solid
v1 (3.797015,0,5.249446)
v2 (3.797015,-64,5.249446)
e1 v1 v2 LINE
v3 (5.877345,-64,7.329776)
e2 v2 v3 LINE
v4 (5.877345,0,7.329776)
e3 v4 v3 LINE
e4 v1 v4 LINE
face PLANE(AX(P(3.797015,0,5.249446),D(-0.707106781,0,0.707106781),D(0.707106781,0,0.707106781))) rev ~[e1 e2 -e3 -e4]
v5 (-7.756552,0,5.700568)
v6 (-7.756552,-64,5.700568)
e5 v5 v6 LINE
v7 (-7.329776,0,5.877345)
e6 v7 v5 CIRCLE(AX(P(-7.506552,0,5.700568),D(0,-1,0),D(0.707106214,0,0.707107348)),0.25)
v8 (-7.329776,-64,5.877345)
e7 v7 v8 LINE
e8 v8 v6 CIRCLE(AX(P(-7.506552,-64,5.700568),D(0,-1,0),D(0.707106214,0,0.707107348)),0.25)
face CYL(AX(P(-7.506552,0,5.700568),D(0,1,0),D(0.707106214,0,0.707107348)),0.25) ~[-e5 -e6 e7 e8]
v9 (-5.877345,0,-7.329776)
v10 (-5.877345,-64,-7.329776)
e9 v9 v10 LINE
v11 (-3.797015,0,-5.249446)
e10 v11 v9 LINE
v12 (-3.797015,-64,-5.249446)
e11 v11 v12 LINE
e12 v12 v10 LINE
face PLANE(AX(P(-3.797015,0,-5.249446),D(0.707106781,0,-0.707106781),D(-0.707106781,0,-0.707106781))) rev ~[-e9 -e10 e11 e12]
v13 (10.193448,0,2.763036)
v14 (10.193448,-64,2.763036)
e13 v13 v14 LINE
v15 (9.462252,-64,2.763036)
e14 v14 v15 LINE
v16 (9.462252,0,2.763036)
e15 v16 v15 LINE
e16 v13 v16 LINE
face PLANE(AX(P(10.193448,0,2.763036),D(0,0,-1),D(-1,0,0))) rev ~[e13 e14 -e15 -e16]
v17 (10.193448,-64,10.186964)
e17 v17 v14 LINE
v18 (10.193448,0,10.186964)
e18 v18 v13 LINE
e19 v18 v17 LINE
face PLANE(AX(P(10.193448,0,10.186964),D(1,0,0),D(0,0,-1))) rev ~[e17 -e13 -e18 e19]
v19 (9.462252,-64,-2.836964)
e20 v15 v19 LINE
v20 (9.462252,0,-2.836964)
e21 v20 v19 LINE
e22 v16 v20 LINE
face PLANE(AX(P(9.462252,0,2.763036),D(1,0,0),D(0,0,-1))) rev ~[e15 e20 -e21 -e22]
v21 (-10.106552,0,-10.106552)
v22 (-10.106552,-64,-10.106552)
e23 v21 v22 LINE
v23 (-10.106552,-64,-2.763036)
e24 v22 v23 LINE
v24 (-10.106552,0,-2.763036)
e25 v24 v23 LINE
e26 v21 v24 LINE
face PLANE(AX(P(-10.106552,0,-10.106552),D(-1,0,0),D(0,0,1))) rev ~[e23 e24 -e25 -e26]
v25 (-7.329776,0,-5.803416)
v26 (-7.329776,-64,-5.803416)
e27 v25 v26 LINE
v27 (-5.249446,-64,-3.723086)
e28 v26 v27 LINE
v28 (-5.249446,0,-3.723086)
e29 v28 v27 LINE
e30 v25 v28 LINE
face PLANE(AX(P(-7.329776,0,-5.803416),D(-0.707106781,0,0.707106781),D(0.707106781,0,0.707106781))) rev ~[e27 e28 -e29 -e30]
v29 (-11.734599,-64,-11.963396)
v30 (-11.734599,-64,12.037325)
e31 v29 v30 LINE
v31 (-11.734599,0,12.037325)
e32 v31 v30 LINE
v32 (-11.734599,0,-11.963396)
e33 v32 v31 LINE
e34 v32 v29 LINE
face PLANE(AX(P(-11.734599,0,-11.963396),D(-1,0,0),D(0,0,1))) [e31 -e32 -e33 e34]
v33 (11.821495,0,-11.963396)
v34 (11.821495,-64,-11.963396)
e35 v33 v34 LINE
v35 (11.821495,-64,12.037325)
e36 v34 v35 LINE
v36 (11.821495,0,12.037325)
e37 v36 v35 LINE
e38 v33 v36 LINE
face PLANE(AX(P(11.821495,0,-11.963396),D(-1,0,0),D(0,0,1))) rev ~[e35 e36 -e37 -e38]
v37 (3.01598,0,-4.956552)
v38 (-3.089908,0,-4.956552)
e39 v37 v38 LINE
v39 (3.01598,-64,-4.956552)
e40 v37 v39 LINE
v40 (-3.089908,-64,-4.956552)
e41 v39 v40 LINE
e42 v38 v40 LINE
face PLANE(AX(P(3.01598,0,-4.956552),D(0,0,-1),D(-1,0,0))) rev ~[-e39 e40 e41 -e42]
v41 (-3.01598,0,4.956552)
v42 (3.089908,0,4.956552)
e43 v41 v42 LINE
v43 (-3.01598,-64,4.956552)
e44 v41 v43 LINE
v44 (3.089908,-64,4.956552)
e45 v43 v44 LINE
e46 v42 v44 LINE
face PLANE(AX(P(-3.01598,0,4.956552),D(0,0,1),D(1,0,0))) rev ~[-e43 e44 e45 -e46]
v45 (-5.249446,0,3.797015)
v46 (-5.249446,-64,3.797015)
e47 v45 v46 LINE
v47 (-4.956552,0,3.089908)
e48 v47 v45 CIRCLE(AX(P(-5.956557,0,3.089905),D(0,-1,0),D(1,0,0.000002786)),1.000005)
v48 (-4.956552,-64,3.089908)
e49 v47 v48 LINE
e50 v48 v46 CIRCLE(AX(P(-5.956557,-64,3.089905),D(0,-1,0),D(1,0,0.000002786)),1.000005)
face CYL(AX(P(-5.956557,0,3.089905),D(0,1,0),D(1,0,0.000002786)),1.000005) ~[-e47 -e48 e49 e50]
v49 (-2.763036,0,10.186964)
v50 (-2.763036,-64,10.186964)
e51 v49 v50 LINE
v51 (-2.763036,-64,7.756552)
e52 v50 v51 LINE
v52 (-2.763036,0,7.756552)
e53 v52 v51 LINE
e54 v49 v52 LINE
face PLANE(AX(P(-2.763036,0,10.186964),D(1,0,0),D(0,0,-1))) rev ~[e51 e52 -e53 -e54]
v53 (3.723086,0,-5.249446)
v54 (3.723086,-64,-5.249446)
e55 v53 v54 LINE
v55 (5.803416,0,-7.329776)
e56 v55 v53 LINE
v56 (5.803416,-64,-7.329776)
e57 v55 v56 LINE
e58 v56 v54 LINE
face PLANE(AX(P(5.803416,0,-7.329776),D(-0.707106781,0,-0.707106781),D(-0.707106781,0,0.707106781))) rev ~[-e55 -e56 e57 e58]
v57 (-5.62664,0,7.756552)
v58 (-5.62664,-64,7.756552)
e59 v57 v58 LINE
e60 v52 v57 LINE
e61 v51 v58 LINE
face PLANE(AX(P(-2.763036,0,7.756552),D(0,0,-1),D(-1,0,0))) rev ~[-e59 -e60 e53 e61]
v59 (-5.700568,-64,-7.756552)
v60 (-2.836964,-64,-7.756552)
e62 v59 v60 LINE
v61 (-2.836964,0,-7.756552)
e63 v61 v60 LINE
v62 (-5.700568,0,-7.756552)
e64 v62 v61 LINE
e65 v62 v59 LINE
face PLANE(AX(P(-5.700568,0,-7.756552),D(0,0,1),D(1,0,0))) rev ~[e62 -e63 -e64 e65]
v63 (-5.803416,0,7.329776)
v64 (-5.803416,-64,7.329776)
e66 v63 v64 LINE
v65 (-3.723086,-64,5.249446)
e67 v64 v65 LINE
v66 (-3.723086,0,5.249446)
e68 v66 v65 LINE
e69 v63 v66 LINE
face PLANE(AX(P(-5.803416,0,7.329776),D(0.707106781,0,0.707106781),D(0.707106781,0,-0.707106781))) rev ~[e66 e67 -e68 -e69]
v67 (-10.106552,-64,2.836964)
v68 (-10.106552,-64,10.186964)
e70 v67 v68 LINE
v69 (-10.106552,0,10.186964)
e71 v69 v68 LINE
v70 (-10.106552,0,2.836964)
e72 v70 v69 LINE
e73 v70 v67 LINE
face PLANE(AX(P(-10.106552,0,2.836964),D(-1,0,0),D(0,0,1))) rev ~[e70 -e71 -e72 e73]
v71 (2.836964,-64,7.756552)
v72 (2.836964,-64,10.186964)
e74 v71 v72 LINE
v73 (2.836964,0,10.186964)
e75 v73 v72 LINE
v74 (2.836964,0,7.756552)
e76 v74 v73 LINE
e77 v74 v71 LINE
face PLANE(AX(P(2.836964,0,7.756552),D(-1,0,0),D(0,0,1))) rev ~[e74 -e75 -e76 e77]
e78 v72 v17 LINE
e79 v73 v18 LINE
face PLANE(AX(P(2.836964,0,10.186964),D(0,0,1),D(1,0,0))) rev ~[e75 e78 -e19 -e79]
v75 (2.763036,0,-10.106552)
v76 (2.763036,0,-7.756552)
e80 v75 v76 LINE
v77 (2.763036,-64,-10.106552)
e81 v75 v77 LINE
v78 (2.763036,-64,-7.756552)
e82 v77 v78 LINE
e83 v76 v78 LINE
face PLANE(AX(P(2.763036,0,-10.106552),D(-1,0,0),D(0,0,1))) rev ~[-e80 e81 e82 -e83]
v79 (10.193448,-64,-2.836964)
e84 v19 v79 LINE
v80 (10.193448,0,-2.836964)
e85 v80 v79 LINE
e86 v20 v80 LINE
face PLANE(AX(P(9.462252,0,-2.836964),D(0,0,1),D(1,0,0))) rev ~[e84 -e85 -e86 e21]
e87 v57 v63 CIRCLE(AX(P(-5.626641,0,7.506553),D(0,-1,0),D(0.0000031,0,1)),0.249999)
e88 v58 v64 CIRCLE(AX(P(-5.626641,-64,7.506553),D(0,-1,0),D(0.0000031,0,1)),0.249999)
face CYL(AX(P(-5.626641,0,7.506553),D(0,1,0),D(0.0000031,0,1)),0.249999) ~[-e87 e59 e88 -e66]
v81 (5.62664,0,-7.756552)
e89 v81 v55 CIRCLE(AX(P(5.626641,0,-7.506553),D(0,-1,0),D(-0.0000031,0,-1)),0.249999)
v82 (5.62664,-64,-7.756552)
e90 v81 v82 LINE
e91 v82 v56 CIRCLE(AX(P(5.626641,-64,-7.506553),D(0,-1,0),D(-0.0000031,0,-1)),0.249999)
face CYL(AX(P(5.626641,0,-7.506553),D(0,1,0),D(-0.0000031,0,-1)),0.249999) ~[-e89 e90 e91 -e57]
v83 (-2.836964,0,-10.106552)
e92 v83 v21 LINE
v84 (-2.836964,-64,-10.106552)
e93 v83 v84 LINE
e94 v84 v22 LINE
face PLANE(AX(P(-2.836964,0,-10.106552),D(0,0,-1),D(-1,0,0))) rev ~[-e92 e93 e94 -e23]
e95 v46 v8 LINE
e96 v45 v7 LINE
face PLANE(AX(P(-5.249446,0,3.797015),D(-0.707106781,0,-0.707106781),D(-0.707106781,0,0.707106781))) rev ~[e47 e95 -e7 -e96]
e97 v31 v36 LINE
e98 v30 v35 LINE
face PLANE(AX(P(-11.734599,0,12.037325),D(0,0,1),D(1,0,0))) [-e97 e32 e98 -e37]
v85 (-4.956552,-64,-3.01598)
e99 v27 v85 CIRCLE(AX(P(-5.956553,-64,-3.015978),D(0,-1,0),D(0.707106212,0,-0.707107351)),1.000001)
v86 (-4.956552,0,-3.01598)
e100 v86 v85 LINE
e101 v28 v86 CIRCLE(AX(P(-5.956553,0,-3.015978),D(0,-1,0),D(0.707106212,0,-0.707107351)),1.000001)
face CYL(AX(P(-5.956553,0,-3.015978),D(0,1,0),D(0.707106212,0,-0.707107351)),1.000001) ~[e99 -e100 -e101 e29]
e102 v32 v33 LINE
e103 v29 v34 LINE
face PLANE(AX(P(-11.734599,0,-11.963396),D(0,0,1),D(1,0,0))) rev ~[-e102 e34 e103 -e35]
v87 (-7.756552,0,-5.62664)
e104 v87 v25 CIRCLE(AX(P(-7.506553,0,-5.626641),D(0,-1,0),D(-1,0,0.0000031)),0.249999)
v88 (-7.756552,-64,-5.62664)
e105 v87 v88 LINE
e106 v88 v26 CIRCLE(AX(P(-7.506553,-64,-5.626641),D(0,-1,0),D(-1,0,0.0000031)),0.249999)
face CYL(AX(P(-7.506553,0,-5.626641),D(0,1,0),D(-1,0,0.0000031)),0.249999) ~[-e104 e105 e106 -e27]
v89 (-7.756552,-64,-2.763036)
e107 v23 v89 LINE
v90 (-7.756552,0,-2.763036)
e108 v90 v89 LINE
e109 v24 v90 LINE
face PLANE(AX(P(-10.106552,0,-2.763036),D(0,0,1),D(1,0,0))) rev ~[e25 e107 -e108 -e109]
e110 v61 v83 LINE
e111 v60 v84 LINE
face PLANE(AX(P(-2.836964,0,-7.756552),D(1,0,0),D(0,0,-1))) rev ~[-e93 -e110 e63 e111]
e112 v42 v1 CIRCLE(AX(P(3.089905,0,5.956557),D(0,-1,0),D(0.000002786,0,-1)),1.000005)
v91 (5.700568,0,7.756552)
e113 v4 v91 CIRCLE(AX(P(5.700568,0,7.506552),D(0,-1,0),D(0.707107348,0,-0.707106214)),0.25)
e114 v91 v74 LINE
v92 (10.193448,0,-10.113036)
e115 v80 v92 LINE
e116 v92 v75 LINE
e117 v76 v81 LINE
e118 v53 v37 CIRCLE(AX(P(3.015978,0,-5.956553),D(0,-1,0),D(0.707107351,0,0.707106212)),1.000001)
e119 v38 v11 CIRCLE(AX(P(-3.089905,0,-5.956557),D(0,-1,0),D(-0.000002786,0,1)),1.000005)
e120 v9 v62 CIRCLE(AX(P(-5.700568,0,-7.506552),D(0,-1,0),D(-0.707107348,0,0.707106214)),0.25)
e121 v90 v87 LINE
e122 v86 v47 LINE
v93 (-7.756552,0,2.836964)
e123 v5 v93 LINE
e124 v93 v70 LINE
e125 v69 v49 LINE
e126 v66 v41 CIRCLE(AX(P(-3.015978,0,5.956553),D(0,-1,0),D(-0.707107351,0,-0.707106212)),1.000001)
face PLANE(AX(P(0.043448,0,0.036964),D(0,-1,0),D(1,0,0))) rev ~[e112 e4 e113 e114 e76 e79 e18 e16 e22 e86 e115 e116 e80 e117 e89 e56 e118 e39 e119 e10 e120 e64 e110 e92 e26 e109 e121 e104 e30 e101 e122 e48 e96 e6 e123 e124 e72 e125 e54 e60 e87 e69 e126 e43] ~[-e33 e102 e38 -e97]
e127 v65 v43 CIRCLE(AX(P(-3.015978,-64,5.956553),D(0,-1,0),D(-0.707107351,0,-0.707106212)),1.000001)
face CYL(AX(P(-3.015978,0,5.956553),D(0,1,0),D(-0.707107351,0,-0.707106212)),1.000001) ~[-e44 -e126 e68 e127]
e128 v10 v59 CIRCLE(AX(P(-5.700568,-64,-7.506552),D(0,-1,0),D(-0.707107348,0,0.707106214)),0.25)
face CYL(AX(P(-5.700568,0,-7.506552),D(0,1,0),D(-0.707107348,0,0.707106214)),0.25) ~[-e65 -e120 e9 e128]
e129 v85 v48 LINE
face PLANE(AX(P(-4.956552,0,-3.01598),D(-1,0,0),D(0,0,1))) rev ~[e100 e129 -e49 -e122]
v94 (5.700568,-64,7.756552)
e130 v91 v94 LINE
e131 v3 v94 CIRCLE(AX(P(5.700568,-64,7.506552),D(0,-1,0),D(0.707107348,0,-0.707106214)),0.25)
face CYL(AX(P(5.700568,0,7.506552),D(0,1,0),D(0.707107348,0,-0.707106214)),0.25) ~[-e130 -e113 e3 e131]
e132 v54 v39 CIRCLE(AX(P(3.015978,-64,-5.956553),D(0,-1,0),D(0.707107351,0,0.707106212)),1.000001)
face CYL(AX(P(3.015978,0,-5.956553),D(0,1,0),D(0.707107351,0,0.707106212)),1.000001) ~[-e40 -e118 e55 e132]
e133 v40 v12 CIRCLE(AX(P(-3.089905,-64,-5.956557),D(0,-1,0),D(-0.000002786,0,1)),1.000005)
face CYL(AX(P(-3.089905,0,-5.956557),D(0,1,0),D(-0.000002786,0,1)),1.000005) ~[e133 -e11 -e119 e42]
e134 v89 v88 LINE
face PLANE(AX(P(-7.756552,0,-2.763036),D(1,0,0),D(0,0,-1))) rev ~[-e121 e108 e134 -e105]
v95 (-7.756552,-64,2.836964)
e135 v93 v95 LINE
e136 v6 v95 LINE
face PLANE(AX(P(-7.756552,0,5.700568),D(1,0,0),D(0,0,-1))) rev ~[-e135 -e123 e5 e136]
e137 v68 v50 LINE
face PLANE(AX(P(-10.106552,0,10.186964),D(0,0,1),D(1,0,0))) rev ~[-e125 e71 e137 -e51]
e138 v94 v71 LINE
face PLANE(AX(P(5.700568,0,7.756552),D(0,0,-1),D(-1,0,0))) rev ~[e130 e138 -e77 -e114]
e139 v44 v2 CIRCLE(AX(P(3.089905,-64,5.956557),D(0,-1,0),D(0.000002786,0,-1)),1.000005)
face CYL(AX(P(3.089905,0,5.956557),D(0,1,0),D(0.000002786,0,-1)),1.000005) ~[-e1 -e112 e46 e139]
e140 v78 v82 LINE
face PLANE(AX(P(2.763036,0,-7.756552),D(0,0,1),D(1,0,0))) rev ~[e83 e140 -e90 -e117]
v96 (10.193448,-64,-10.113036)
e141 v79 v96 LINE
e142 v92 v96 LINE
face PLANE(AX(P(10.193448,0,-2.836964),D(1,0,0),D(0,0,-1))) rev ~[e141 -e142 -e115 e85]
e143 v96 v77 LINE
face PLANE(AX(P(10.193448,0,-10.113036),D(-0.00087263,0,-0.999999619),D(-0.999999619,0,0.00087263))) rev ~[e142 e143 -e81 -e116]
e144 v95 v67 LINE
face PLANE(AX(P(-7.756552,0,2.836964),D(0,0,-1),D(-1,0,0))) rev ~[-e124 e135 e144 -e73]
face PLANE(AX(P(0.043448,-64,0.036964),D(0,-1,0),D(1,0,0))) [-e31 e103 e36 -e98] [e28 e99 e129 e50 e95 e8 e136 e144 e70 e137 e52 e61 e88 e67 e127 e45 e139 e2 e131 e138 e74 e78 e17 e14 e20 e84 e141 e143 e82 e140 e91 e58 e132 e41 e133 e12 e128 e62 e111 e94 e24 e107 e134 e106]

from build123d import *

# Parameters (mm, degrees)
F0_W     = 23.556095
F0_H     = 24.000721
F1_DEPTH = 64


with BuildPart() as f1:
    # F0 (on Front) → F1 (new body)
    with BuildSketch(Plane.XZ):
        with Locations((0.043448, 0.036964)):
            Rectangle(F0_W, F0_H)
        with BuildLine():
            Line((-5.249446, 3.797015), (-7.329776, 5.877345))
            ThreePointArc((-7.329776, 5.877345), (-7.602223, 5.931538), (-7.756552, 5.700568))
            Line((-7.756552, 5.700568), (-7.756552, 2.836964))
            Line((-7.756552, 2.836964), (-10.106552, 2.836964))
            Line((-10.106552, 2.836964), (-10.106552, 10.186964))
            Line((-10.106552, 10.186964), (-2.763036, 10.186964))
            Line((-2.763036, 10.186964), (-2.763036, 7.756552))
            Line((-2.763036, 7.756552), (-5.62664, 7.756552))
            ThreePointArc((-5.62664, 7.756552), (-5.85761, 7.602223), (-5.803416, 7.329776))
            Line((-5.803416, 7.329776), (-3.723086, 5.249446))
            ThreePointArc((-3.723086, 5.249446), (-3.398663, 5.032673), (-3.01598, 4.956552))
            Line((-3.01598, 4.956552), (3.089908, 4.956552))
            ThreePointArc((3.089908, 4.956552), (3.472591, 5.032673), (3.797015, 5.249446))
            Line((3.797015, 5.249446), (5.877345, 7.329776))
            ThreePointArc((5.877345, 7.329776), (5.931538, 7.602223), (5.700568, 7.756552))
            Line((5.700568, 7.756552), (2.836964, 7.756552))
            Line((2.836964, 7.756552), (2.836964, 10.186964))
            Line((2.836964, 10.186964), (10.193448, 10.186964))
            Line((10.193448, 10.186964), (10.193448, 2.763036))
            Line((10.193448, 2.763036), (9.462252, 2.763036))
            Line((9.462252, 2.763036), (9.462252, -2.836964))
            Line((9.462252, -2.836964), (10.193448, -2.836964))
            Line((10.193448, -2.836964), (10.193448, -10.113036))
            Line((10.193448, -10.113036), (2.763036, -10.106552))
            Line((2.763036, -10.106552), (2.763036, -7.756552))
            Line((2.763036, -7.756552), (5.62664, -7.756552))
            ThreePointArc((5.62664, -7.756552), (5.85761, -7.602223), (5.803416, -7.329776))
            Line((5.803416, -7.329776), (3.723086, -5.249446))
            ThreePointArc((3.723086, -5.249446), (3.398663, -5.032673), (3.01598, -4.956552))
            Line((3.01598, -4.956552), (-3.089908, -4.956552))
            ThreePointArc((-3.089908, -4.956552), (-3.472591, -5.032673), (-3.797015, -5.249446))
            Line((-3.797015, -5.249446), (-5.877345, -7.329776))
            ThreePointArc((-5.877345, -7.329776), (-5.931538, -7.602223), (-5.700568, -7.756552))
            Line((-5.700568, -7.756552), (-2.836964, -7.756552))
            Line((-2.836964, -7.756552), (-2.836964, -10.106552))
            Line((-2.836964, -10.106552), (-10.106552, -10.106552))
            Line((-10.106552, -10.106552), (-10.106552, -2.763036))
            Line((-10.106552, -2.763036), (-7.756552, -2.763036))
            Line((-7.756552, -2.763036), (-7.756552, -5.62664))
            ThreePointArc((-7.756552, -5.62664), (-7.602223, -5.85761), (-7.329776, -5.803416))
            Line((-7.329776, -5.803416), (-5.249446, -3.723086))
            ThreePointArc((-5.249446, -3.723086), (-5.032673, -3.398663), (-4.956552, -3.01598))
            Line((-4.956552, -3.01598), (-4.956552, 3.089908))
            ThreePointArc((-4.956552, 3.089908), (-5.032673, 3.472591), (-5.249446, 3.797015))
        make_face(mode=Mode.SUBTRACT)
    extrude(amount=F1_DEPTH)


solid = f1.part
